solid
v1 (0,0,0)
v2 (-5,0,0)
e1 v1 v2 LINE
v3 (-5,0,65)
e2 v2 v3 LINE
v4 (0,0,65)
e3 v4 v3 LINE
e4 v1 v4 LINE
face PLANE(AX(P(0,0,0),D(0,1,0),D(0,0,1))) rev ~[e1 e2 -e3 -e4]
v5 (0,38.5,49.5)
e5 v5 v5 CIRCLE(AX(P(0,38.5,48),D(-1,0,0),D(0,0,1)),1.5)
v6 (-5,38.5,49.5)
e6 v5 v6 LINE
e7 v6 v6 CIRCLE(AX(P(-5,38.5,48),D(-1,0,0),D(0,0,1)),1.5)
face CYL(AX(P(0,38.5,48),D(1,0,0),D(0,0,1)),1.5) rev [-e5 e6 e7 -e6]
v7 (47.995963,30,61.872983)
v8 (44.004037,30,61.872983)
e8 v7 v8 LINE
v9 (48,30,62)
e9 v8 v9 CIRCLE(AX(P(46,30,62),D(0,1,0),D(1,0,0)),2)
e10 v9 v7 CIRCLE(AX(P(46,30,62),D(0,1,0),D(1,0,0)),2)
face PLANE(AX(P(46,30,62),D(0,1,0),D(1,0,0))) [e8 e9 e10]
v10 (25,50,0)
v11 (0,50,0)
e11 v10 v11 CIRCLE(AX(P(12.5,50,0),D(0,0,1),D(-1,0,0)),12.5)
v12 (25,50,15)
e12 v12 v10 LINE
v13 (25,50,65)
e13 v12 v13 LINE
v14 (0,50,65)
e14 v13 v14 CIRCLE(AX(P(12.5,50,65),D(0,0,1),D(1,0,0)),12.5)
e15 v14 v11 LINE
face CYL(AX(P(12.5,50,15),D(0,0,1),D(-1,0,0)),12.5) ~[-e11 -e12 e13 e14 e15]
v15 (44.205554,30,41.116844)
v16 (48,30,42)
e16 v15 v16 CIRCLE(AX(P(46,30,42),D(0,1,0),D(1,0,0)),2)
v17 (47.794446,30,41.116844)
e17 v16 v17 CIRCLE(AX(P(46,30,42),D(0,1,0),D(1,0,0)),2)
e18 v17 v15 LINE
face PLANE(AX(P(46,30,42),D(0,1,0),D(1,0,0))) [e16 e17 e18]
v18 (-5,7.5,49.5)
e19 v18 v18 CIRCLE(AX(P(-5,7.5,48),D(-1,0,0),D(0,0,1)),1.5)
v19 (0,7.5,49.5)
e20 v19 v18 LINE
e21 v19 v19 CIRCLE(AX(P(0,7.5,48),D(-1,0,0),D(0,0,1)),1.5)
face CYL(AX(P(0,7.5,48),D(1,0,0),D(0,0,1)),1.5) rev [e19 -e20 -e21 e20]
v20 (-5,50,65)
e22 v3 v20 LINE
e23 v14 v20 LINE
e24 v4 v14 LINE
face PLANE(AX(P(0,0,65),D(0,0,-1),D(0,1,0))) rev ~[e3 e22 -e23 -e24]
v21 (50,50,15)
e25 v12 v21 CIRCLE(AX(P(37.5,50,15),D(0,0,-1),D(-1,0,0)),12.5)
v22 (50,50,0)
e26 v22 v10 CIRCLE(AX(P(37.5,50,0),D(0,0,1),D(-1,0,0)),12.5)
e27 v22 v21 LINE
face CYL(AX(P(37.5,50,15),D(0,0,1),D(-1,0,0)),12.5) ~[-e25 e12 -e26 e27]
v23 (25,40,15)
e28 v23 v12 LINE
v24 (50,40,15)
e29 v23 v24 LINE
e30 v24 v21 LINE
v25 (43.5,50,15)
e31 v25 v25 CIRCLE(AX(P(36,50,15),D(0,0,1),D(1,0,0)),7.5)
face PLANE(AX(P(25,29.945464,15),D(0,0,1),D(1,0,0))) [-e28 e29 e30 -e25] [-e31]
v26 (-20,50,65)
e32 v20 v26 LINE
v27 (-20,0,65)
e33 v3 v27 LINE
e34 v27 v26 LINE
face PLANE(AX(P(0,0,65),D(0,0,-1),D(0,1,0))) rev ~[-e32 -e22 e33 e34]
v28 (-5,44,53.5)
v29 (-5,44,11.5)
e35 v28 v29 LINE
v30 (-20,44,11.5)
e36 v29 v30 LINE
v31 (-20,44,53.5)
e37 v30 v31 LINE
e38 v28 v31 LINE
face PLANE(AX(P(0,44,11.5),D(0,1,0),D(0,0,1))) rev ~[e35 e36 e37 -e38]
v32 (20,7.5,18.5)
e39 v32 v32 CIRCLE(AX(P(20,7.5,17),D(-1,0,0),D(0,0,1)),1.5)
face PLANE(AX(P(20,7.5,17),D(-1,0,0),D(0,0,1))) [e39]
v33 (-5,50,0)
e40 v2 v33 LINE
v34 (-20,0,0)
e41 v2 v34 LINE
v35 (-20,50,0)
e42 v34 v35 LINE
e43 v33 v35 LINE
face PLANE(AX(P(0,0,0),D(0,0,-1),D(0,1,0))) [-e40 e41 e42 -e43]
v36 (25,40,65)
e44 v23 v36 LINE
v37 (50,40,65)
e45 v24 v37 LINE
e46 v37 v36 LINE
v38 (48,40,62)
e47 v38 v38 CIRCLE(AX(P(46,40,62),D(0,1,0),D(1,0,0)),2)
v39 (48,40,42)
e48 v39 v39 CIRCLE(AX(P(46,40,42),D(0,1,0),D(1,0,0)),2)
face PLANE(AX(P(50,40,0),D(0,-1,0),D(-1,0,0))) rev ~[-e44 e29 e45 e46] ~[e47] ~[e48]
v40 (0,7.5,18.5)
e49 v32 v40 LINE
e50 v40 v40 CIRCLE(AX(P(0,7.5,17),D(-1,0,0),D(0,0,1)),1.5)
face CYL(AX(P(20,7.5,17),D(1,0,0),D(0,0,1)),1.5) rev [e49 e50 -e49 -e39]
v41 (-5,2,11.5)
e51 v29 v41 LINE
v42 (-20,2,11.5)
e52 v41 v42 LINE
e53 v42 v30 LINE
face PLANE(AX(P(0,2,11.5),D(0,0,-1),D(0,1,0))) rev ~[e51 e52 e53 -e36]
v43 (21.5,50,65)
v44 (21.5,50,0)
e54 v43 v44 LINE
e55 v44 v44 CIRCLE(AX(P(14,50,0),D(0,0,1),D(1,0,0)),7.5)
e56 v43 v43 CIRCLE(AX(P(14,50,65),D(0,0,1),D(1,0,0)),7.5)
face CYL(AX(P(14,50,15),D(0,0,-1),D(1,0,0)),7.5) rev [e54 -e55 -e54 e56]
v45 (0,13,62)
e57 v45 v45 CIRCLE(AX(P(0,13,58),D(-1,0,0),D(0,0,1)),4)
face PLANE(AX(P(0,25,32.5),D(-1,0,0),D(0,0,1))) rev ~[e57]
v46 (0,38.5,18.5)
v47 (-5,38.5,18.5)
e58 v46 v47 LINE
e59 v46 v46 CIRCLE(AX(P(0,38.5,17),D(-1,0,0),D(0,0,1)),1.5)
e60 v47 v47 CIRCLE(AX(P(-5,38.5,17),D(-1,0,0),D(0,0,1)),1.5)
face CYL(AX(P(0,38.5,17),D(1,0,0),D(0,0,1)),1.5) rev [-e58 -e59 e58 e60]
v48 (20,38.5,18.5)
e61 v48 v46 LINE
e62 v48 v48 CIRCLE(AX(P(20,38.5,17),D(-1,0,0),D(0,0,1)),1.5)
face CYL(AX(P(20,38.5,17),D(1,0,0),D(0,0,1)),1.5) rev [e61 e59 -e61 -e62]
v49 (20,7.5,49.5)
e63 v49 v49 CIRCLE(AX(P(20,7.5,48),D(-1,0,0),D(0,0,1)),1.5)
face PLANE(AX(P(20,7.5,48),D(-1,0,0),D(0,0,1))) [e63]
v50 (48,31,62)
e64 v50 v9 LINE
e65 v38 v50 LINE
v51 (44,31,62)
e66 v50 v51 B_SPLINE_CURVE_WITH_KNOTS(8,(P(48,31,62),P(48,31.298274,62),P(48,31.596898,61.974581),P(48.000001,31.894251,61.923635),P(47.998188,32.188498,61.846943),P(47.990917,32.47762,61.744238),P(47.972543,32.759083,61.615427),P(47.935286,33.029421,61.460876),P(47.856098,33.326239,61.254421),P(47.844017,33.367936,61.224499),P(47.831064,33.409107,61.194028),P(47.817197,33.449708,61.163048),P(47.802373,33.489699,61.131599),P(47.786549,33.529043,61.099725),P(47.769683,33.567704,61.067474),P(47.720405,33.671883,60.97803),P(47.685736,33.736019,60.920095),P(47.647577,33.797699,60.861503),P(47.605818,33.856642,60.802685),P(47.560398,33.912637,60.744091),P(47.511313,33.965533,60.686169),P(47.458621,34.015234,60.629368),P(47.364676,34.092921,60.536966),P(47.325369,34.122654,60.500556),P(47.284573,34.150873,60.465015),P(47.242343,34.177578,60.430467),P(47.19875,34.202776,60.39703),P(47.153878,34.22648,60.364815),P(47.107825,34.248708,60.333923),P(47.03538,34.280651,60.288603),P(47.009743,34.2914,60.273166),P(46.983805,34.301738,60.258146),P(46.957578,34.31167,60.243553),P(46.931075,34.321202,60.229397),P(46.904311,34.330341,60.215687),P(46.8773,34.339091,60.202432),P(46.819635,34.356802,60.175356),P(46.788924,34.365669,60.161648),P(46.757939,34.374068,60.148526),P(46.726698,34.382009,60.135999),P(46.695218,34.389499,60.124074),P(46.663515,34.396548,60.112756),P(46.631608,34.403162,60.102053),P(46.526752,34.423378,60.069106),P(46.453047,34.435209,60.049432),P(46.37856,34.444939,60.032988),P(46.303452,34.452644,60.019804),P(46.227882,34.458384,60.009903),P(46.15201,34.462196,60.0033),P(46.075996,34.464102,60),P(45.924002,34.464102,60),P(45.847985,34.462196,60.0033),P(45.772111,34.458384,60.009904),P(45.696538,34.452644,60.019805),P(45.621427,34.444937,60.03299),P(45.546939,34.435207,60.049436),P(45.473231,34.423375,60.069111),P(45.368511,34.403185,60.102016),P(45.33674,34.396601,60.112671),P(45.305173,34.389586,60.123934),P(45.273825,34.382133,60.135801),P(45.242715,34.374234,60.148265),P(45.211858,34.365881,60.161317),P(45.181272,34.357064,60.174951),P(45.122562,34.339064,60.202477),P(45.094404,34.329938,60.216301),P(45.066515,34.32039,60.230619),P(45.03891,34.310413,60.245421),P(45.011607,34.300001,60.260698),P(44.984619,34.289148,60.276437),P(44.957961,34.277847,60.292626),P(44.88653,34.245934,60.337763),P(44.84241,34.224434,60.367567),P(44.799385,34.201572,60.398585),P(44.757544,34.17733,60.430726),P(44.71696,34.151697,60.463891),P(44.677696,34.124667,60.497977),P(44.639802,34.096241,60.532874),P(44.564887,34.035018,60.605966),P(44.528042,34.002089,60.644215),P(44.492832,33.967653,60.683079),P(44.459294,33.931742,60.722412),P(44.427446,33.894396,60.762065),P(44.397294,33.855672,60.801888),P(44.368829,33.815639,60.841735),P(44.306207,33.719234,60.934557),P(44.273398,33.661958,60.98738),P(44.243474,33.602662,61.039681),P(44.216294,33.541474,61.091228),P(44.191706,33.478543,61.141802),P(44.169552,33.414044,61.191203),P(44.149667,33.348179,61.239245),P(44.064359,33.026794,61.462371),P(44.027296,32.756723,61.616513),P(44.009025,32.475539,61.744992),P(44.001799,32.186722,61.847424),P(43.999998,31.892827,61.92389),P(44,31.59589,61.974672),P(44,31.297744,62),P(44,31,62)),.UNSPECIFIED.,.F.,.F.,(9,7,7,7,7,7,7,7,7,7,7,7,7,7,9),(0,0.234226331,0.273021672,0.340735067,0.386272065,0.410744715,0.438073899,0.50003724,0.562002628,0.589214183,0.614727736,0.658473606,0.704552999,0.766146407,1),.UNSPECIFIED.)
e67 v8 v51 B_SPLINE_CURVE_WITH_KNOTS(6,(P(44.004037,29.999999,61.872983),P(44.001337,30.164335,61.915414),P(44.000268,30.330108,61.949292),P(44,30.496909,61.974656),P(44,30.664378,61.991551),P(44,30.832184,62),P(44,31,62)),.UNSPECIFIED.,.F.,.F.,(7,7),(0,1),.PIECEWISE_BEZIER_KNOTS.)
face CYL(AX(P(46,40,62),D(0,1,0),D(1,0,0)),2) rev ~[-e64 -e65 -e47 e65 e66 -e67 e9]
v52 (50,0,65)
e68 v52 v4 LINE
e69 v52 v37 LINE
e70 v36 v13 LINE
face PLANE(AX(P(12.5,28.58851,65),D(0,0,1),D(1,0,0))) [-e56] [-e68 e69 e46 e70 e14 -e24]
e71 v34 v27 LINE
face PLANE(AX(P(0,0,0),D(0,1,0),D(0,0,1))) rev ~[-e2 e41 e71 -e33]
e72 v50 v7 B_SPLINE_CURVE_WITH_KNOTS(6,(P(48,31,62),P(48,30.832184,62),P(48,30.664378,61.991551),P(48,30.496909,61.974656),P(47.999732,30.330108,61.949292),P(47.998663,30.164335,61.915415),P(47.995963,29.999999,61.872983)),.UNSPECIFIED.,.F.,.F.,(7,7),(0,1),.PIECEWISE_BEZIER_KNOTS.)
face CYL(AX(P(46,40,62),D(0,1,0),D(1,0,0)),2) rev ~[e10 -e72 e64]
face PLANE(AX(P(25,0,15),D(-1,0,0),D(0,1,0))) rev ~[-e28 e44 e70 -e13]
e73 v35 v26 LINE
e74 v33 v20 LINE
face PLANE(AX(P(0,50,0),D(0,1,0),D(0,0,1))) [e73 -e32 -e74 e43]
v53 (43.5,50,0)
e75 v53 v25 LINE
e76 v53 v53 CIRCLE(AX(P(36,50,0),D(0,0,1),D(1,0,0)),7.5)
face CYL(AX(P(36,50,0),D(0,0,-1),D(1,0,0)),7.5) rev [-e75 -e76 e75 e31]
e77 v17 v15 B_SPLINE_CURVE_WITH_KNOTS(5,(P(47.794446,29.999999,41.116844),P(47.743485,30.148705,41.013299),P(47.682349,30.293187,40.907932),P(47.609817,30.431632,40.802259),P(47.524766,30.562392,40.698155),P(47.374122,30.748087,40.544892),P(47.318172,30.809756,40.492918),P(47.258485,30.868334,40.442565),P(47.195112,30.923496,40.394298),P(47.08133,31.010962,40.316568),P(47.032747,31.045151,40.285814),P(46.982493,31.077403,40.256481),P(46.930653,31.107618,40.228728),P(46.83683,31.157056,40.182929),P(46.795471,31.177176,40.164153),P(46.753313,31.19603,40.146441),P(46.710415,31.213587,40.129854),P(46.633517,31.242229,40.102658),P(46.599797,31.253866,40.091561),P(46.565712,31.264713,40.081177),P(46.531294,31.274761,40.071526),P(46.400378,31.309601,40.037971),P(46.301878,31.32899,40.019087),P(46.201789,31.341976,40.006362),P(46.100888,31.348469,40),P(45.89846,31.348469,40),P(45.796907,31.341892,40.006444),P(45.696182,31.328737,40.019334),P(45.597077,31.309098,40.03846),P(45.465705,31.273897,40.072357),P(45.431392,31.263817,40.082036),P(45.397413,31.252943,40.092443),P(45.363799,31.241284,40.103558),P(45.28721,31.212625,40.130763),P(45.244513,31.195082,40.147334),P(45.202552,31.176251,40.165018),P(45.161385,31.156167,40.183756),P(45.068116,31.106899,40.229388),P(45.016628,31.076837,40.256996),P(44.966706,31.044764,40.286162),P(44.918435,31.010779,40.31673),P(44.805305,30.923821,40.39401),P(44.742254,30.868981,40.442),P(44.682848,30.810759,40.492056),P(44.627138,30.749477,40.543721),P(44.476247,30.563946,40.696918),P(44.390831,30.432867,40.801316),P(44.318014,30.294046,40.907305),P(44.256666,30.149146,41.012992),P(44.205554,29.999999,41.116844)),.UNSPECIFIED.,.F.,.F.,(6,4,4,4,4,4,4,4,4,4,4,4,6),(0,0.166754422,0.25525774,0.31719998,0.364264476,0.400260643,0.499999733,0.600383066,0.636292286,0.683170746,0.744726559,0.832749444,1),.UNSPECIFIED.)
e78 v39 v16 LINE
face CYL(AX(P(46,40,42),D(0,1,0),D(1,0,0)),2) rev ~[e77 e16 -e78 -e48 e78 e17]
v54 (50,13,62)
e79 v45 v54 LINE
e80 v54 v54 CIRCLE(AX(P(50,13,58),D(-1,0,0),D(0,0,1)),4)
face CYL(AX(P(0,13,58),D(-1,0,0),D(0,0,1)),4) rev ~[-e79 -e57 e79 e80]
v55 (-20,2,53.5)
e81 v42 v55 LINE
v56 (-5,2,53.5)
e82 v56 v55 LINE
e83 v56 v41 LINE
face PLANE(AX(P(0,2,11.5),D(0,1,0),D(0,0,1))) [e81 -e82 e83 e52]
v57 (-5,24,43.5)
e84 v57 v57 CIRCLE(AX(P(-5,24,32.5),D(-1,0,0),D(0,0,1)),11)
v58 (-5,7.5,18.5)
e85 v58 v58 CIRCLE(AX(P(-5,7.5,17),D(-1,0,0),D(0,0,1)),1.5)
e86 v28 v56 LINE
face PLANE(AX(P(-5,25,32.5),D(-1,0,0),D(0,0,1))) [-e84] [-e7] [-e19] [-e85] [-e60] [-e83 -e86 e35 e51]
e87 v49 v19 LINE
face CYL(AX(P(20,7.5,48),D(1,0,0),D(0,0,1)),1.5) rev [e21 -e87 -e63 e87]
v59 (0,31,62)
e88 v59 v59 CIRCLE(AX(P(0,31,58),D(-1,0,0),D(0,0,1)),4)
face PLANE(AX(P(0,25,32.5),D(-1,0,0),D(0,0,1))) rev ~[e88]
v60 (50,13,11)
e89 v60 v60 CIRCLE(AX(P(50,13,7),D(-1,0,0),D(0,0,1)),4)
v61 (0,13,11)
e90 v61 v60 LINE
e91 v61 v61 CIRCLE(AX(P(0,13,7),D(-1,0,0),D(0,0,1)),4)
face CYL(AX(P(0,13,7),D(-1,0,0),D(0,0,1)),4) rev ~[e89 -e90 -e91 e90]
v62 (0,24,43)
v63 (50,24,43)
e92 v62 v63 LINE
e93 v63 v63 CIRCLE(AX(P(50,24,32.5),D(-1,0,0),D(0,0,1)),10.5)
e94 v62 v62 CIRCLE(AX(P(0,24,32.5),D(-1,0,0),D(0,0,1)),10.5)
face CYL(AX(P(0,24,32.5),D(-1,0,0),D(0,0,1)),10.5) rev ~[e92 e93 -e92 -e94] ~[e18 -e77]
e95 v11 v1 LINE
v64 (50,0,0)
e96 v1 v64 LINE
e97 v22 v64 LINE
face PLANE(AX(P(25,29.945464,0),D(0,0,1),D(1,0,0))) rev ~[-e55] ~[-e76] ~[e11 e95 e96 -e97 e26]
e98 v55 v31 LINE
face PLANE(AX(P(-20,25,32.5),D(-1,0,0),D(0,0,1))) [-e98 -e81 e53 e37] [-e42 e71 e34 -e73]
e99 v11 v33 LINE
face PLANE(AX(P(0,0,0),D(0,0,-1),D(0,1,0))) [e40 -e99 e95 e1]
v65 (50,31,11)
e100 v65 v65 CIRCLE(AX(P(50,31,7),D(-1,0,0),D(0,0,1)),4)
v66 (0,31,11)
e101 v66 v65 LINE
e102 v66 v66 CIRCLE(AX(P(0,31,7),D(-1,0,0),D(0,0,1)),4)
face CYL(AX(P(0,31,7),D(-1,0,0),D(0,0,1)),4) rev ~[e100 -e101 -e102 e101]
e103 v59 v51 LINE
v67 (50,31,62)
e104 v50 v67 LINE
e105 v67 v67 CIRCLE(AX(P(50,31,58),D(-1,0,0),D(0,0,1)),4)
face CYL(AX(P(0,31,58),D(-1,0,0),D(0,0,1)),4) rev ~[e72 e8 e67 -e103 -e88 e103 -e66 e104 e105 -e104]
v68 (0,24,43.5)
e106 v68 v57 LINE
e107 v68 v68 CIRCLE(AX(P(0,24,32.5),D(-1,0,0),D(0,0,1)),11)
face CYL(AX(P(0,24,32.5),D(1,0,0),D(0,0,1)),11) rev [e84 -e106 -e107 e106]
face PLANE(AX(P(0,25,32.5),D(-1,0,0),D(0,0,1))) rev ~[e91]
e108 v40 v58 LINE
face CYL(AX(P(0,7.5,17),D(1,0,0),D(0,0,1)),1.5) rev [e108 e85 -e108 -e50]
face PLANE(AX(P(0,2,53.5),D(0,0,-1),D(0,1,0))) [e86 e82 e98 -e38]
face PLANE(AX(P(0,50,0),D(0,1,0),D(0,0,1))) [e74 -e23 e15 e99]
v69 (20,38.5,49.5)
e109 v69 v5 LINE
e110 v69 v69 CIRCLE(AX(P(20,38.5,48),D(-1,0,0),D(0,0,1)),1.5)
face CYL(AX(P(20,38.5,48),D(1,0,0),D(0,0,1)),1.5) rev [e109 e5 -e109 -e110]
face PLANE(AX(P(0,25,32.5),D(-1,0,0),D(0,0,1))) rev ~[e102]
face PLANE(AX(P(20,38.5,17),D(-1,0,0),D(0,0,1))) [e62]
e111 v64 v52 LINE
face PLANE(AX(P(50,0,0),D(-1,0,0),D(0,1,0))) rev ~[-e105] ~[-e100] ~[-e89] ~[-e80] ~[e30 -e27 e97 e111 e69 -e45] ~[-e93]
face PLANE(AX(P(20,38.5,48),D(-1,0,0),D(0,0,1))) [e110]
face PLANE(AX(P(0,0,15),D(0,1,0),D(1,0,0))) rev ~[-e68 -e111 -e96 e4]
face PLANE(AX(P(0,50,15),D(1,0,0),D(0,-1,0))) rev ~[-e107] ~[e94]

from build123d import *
from build123d.topology import SkipClean

# Parameters (mm, degrees)
SKETCH1_R               = 7.5
BOSS_EXTRUDE1_DEPTH     = 15
SKETCH2_R               = 7.5
BOSS_EXTRUDE2_DEPTH     = 50
SKETCH3_W               = 50
SKETCH3_H               = 40
BOSS_EXTRUDE3_DEPTH     = 65
CUT_EXTRUDE2_DEPTH      = 96.372952141
SKETCH9_R               = 4
SKETCH9_R_2             = 10.5
CUT_EXTRUDE3_DEPTH      = 104.107953137
ESQUISSE1_R             = 2
ENL_V_MAT_EXTRU_1_DEPTH = 10
ESQUISSE3_W             = 65
ESQUISSE3_H             = 50
ESQUISSE3_R             = 1.5
ESQUISSE3_R_2           = 11
BOSS_EXTRU_1_DEPTH      = 5
ESQUISSE3_4_W           = 65
ESQUISSE3_4_H           = 50
ESQUISSE3_4_W_2         = 42
ESQUISSE3_4_H_2         = 42
BOSS_EXTRU_2_DEPTH      = 20
ENL_V_START             = -20
ESQUISSE3_5_R           = 1.5
ENL_V_MAT_EXTRU_4_DEPTH = 20


with BuildPart() as part:
    # Sketch1 → Boss-Extrude1 (new body)
    with BuildSketch(Plane.XY):
        with BuildLine():
            Line((0, 0), (50, 0))
            Line((50, 0), (50, 50))
            ThreePointArc((50, 50), (40.582575695, 63.228756555), (25, 58.660254038))
            ThreePointArc((25, 58.660254038), (9.417424305, 63.228756555), (0, 50))
            Line((0, 50), (0, 0))
        make_face()
        with Locations((36, 50)):
            Circle(SKETCH1_R, mode=Mode.SUBTRACT)
        with Locations((14, 50)):
            Circle(SKETCH1_R, mode=Mode.SUBTRACT)
    extrude(amount=BOSS_EXTRUDE1_DEPTH)

    # Sketch2 → Boss-Extrude2 (add)
    with BuildSketch(Plane.XY.offset(15)):
        with BuildLine():
            Line((0, 50), (0, 0))
            Line((0, 0), (25, 0))
            Line((25, 0), (25, 50))
            ThreePointArc((25, 50), (12.5, 62.5), (0, 50))
        make_face()
        with Locations((14, 50)):
            Circle(SKETCH2_R, mode=Mode.SUBTRACT)
    extrude(amount=BOSS_EXTRUDE2_DEPTH)

    # Sketch3 → Boss-Extrude3 (add)
    with BuildSketch(Plane(origin=(0, 0, 0), x_dir=(-1, 0, 0), z_dir=(0, 0, -1))):
        with Locations((-25, 20)):
            Rectangle(SKETCH3_W, SKETCH3_H)
    extrude(amount=-BOSS_EXTRUDE3_DEPTH)

    # Sketch2<3> → Cut-Extrude2 (cut, through all)
    with BuildSketch(Plane.XY.offset(15)):
        with BuildLine():
            ThreePointArc((25, 58.660254038), (9.417424305, 63.228756555), (0, 50))
            ThreePointArc((0, 50), (12.5, 62.5), (25, 50))
            ThreePointArc((25, 50), (37.5, 62.5), (50, 50))
            ThreePointArc((50, 50), (40.582575695, 63.228756555), (25, 58.660254038))
        make_face()
    extrude(amount=-CUT_EXTRUDE2_DEPTH, mode=Mode.SUBTRACT)

    # Sketch9 → Cut-Extrude3 (cut, through all)
    with BuildSketch(Plane.ZY):
        with Locations((58, 13)):
            Circle(SKETCH9_R)
        with Locations((7, 13)):
            Circle(SKETCH9_R)
        with Locations((7, 31)):
            Circle(SKETCH9_R)
        with Locations((58, 31)):
            Circle(SKETCH9_R)
        with Locations((32.5, 24)):
            Circle(SKETCH9_R_2)
    extrude(amount=-CUT_EXTRUDE3_DEPTH, mode=Mode.SUBTRACT)

    # Esquisse1 → Enlèv. mat.-Extru.1 (cut)
    with SkipClean():  # the faces are left unmerged after this step: merging them gives an invalid solid
        with BuildSketch(Plane(origin=(0, 40, 0), x_dir=(1, 0, 0), z_dir=(0, 1, 0))):
            with Locations((46, -42)):
                Circle(ESQUISSE1_R)
            with Locations((46, -62)):
                Circle(ESQUISSE1_R)
        extrude(amount=-ENL_V_MAT_EXTRU_1_DEPTH, mode=Mode.SUBTRACT)

    # Esquisse3 → Boss.-Extru.1 (add)
    with SkipClean():  # the faces are left unmerged after this step: merging them gives an invalid solid
        with BuildSketch(Plane.ZY):
            with Locations((32.5, 25)):
                Rectangle(ESQUISSE3_W, ESQUISSE3_H)
            with Locations((17, 7.5)):
                Circle(ESQUISSE3_R, mode=Mode.SUBTRACT)
            with Locations((48, 7.5)):
                Circle(ESQUISSE3_R, mode=Mode.SUBTRACT)
            with Locations((32.5, 24)):
                Circle(ESQUISSE3_R_2, mode=Mode.SUBTRACT)
            with Locations((17, 38.5)):
                Circle(ESQUISSE3_R, mode=Mode.SUBTRACT)
            with Locations((48, 38.5)):
                Circle(ESQUISSE3_R, mode=Mode.SUBTRACT)
        extrude(amount=BOSS_EXTRU_1_DEPTH)

    # Esquisse3<4> → Boss.-Extru.2 (add)
    with SkipClean():  # the faces are left unmerged after this step: merging them gives an invalid solid
        with BuildSketch(Plane.ZY):
            with Locations((32.5, 25)):
                Rectangle(ESQUISSE3_4_W, ESQUISSE3_4_H)
            with Locations((32.5, 23)):
                Rectangle(ESQUISSE3_4_W_2, ESQUISSE3_4_H_2, mode=Mode.SUBTRACT)
        extrude(amount=BOSS_EXTRU_2_DEPTH)

    # Esquisse3<5> → Enlèv. mat.-Extru.4 (cut)
    with SkipClean():  # the faces are left unmerged after this step: merging them gives an invalid solid
        with BuildSketch(Plane.ZY.offset(ENL_V_START)):
            with Locations((17, 38.5)):
                Circle(ESQUISSE3_5_R)
            with Locations((48, 38.5)):
                Circle(ESQUISSE3_5_R)
            with Locations((48, 7.5)):
                Circle(ESQUISSE3_5_R)
            with Locations((17, 7.5)):
                Circle(ESQUISSE3_5_R)
        extrude(amount=ENL_V_MAT_EXTRU_4_DEPTH, mode=Mode.SUBTRACT)


solid = part.part
